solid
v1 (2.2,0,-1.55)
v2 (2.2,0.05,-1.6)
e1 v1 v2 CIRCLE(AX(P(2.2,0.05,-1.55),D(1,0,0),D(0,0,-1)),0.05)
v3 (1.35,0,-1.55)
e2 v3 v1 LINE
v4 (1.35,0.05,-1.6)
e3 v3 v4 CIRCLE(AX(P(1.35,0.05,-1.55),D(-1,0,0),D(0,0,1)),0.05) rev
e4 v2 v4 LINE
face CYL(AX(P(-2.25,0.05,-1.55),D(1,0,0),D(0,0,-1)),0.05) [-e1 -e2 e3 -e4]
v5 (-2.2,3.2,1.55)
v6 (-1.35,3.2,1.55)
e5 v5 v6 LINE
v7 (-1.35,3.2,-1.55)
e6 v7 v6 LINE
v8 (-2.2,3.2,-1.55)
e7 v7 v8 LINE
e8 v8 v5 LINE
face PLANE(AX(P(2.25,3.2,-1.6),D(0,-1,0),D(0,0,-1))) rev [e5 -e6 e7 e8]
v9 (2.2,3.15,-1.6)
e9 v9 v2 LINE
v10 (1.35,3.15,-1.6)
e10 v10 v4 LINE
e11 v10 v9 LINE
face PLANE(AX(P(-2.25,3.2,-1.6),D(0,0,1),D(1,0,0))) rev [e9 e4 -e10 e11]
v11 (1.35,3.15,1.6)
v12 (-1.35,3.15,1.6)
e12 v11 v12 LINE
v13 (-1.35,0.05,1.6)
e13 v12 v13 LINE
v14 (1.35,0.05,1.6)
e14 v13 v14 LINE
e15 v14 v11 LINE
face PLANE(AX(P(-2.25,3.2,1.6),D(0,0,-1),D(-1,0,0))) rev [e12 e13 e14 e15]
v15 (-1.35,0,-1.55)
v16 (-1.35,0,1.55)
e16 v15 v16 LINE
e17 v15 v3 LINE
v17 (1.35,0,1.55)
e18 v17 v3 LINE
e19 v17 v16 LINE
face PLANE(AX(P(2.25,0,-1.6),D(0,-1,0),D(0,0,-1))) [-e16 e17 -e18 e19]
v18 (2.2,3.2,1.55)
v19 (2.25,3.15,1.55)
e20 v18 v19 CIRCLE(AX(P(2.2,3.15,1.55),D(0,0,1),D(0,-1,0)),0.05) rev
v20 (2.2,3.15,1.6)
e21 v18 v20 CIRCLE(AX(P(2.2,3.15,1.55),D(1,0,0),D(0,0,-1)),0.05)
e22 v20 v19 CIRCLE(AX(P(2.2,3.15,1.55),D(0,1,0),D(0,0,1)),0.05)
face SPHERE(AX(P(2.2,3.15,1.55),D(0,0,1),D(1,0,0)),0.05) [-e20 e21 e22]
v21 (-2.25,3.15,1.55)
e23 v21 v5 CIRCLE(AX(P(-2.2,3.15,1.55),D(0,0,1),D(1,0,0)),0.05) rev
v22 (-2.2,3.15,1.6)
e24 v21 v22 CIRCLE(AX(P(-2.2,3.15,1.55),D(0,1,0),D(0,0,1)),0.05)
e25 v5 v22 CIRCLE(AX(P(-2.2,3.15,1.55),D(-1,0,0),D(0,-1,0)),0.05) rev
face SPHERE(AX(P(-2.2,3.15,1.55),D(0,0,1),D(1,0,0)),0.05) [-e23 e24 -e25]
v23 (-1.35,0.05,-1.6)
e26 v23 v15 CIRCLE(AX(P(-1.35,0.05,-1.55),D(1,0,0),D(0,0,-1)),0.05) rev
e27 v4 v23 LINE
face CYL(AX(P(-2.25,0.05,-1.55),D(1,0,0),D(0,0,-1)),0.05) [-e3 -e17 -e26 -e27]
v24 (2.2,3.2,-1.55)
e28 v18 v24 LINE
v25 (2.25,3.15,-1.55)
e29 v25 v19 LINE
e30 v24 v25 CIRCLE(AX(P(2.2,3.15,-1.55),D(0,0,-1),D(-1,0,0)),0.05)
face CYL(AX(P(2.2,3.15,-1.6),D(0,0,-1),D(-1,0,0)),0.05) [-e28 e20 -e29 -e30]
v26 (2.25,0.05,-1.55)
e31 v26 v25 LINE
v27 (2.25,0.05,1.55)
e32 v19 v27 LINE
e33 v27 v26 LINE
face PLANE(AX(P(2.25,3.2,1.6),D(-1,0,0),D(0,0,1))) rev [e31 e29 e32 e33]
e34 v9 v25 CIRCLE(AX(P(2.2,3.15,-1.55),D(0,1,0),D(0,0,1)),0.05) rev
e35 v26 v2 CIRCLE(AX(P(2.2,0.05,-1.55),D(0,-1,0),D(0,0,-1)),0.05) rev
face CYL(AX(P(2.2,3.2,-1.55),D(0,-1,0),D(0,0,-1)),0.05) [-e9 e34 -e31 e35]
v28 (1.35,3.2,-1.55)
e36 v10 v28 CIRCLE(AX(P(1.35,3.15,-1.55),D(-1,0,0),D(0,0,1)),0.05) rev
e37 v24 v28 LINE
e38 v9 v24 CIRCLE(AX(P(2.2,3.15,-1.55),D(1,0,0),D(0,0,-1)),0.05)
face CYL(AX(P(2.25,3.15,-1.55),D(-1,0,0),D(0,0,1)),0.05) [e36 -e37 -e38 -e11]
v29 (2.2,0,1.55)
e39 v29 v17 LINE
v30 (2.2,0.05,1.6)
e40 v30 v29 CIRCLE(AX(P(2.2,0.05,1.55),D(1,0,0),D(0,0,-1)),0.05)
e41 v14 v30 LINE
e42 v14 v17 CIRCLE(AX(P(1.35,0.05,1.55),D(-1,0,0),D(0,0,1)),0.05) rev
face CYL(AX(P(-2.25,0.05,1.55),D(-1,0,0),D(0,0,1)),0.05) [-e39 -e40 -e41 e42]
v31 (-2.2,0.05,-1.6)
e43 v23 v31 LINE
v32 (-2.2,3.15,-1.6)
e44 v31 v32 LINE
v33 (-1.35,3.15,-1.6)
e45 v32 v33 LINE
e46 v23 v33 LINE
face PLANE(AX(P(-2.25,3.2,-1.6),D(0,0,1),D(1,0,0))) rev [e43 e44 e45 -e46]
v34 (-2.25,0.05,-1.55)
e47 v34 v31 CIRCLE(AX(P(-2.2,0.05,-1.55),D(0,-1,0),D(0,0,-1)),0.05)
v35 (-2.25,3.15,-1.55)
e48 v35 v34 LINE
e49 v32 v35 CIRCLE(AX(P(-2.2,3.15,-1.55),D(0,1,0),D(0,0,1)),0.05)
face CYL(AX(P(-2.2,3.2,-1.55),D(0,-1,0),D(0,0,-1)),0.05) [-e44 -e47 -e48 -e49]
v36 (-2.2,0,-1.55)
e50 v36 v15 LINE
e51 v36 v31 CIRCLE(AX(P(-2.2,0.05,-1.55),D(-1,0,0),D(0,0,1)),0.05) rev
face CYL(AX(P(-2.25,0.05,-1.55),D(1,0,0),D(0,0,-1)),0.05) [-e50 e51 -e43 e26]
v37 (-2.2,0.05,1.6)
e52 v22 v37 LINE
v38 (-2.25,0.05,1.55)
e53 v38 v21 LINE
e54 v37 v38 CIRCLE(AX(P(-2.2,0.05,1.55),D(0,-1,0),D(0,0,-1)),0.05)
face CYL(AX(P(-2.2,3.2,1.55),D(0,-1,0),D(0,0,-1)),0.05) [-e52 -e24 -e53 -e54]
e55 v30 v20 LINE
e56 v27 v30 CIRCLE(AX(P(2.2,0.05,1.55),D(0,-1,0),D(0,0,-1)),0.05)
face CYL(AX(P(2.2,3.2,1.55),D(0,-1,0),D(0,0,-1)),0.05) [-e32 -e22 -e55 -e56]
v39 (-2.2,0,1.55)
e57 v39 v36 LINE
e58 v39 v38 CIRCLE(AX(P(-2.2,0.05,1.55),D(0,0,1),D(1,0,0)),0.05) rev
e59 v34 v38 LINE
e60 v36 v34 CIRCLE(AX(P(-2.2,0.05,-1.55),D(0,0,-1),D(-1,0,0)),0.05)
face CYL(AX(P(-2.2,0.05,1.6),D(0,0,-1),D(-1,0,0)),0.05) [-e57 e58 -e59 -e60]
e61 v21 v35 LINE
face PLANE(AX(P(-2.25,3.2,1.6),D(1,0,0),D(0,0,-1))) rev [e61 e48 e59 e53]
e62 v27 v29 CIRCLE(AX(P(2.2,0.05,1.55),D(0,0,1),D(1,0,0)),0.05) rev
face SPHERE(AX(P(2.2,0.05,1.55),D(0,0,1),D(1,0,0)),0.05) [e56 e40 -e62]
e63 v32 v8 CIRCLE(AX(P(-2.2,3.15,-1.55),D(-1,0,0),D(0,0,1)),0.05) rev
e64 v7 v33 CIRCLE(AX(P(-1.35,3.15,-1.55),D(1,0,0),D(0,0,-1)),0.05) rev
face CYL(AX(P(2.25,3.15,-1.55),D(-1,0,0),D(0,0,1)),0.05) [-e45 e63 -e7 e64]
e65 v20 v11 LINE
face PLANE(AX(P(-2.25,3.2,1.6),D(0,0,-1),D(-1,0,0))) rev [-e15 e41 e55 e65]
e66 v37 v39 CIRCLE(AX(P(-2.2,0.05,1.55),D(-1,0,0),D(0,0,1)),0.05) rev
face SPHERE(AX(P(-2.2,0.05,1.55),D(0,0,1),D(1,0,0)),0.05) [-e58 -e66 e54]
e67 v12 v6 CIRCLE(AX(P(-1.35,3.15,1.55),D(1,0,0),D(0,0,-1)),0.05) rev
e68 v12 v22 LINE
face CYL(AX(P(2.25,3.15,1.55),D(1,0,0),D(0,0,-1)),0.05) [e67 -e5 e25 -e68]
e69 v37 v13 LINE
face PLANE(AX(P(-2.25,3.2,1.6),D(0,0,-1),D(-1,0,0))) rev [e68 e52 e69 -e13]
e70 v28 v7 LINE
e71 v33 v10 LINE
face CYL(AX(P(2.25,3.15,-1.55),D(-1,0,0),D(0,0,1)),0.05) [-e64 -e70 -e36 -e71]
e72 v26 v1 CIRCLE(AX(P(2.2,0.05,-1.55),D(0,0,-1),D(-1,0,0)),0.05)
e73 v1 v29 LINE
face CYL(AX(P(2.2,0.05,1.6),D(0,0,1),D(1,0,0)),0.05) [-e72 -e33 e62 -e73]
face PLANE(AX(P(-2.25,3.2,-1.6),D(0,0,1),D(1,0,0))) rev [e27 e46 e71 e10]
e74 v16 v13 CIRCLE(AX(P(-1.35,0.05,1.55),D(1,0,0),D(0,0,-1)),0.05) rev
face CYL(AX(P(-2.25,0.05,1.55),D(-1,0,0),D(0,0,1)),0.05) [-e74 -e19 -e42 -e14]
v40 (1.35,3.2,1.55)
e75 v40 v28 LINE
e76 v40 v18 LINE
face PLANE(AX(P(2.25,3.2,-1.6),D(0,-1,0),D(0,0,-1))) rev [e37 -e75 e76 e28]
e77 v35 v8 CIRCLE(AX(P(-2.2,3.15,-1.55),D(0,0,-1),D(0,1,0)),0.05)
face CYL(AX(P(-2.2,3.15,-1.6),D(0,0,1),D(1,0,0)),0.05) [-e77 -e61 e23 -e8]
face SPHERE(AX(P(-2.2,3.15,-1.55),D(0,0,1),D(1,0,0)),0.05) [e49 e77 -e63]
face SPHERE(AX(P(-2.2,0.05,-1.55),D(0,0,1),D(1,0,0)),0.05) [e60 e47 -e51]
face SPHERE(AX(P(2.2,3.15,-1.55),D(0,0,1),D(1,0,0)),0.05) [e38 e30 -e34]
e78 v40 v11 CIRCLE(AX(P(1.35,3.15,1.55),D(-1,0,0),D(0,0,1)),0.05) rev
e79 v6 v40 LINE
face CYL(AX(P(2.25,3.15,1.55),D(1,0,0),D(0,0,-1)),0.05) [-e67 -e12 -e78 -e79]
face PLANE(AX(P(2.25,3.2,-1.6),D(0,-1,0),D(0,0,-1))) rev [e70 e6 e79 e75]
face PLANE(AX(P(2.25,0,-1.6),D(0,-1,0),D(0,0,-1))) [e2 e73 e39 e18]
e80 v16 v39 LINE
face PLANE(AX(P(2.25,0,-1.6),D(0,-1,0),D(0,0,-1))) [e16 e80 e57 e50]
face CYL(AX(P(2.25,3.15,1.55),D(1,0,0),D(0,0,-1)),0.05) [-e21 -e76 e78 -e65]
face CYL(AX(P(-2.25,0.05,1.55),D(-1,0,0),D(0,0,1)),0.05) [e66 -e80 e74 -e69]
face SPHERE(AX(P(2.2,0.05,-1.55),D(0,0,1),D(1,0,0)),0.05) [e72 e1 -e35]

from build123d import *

# Parameters (mm, degrees)
SKETCH1_W      = 4.5
SKETCH1_H      = 3.2
EXTRUDE1_DEPTH = 3.2
FILLET1_R      = 0.05


with BuildPart() as part:
    # Sketch1 → Extrude1 (new body)
    with BuildSketch(Plane(origin=(0, 0, 0), x_dir=(1, 0, 0), z_dir=(0, 1, 0))):
        Rectangle(SKETCH1_W, SKETCH1_H)
    extrude(amount=EXTRUDE1_DEPTH)

    # Fillet1
    fillet1_edges = [part.edges().sort_by_distance(p)[0] for p in [
        (-2.25, 3.2, 0),
        (0, 3.2, 1.6),
        (2.25, 3.2, 0),
        (0, 0, 1.6),
        (-2.25, 0, 0),
        (0, 0, -1.6),
        (2.25, 0, 0),
        (0, 3.2, -1.6),
        (2.25, 1.6, 1.6),
        (-2.25, 1.6, 1.6),
        (-2.25, 1.6, -1.6),
        (2.25, 1.6, -1.6),
    ]]
    fillet(fillet1_edges, radius=FILLET1_R)


solid = part.part
